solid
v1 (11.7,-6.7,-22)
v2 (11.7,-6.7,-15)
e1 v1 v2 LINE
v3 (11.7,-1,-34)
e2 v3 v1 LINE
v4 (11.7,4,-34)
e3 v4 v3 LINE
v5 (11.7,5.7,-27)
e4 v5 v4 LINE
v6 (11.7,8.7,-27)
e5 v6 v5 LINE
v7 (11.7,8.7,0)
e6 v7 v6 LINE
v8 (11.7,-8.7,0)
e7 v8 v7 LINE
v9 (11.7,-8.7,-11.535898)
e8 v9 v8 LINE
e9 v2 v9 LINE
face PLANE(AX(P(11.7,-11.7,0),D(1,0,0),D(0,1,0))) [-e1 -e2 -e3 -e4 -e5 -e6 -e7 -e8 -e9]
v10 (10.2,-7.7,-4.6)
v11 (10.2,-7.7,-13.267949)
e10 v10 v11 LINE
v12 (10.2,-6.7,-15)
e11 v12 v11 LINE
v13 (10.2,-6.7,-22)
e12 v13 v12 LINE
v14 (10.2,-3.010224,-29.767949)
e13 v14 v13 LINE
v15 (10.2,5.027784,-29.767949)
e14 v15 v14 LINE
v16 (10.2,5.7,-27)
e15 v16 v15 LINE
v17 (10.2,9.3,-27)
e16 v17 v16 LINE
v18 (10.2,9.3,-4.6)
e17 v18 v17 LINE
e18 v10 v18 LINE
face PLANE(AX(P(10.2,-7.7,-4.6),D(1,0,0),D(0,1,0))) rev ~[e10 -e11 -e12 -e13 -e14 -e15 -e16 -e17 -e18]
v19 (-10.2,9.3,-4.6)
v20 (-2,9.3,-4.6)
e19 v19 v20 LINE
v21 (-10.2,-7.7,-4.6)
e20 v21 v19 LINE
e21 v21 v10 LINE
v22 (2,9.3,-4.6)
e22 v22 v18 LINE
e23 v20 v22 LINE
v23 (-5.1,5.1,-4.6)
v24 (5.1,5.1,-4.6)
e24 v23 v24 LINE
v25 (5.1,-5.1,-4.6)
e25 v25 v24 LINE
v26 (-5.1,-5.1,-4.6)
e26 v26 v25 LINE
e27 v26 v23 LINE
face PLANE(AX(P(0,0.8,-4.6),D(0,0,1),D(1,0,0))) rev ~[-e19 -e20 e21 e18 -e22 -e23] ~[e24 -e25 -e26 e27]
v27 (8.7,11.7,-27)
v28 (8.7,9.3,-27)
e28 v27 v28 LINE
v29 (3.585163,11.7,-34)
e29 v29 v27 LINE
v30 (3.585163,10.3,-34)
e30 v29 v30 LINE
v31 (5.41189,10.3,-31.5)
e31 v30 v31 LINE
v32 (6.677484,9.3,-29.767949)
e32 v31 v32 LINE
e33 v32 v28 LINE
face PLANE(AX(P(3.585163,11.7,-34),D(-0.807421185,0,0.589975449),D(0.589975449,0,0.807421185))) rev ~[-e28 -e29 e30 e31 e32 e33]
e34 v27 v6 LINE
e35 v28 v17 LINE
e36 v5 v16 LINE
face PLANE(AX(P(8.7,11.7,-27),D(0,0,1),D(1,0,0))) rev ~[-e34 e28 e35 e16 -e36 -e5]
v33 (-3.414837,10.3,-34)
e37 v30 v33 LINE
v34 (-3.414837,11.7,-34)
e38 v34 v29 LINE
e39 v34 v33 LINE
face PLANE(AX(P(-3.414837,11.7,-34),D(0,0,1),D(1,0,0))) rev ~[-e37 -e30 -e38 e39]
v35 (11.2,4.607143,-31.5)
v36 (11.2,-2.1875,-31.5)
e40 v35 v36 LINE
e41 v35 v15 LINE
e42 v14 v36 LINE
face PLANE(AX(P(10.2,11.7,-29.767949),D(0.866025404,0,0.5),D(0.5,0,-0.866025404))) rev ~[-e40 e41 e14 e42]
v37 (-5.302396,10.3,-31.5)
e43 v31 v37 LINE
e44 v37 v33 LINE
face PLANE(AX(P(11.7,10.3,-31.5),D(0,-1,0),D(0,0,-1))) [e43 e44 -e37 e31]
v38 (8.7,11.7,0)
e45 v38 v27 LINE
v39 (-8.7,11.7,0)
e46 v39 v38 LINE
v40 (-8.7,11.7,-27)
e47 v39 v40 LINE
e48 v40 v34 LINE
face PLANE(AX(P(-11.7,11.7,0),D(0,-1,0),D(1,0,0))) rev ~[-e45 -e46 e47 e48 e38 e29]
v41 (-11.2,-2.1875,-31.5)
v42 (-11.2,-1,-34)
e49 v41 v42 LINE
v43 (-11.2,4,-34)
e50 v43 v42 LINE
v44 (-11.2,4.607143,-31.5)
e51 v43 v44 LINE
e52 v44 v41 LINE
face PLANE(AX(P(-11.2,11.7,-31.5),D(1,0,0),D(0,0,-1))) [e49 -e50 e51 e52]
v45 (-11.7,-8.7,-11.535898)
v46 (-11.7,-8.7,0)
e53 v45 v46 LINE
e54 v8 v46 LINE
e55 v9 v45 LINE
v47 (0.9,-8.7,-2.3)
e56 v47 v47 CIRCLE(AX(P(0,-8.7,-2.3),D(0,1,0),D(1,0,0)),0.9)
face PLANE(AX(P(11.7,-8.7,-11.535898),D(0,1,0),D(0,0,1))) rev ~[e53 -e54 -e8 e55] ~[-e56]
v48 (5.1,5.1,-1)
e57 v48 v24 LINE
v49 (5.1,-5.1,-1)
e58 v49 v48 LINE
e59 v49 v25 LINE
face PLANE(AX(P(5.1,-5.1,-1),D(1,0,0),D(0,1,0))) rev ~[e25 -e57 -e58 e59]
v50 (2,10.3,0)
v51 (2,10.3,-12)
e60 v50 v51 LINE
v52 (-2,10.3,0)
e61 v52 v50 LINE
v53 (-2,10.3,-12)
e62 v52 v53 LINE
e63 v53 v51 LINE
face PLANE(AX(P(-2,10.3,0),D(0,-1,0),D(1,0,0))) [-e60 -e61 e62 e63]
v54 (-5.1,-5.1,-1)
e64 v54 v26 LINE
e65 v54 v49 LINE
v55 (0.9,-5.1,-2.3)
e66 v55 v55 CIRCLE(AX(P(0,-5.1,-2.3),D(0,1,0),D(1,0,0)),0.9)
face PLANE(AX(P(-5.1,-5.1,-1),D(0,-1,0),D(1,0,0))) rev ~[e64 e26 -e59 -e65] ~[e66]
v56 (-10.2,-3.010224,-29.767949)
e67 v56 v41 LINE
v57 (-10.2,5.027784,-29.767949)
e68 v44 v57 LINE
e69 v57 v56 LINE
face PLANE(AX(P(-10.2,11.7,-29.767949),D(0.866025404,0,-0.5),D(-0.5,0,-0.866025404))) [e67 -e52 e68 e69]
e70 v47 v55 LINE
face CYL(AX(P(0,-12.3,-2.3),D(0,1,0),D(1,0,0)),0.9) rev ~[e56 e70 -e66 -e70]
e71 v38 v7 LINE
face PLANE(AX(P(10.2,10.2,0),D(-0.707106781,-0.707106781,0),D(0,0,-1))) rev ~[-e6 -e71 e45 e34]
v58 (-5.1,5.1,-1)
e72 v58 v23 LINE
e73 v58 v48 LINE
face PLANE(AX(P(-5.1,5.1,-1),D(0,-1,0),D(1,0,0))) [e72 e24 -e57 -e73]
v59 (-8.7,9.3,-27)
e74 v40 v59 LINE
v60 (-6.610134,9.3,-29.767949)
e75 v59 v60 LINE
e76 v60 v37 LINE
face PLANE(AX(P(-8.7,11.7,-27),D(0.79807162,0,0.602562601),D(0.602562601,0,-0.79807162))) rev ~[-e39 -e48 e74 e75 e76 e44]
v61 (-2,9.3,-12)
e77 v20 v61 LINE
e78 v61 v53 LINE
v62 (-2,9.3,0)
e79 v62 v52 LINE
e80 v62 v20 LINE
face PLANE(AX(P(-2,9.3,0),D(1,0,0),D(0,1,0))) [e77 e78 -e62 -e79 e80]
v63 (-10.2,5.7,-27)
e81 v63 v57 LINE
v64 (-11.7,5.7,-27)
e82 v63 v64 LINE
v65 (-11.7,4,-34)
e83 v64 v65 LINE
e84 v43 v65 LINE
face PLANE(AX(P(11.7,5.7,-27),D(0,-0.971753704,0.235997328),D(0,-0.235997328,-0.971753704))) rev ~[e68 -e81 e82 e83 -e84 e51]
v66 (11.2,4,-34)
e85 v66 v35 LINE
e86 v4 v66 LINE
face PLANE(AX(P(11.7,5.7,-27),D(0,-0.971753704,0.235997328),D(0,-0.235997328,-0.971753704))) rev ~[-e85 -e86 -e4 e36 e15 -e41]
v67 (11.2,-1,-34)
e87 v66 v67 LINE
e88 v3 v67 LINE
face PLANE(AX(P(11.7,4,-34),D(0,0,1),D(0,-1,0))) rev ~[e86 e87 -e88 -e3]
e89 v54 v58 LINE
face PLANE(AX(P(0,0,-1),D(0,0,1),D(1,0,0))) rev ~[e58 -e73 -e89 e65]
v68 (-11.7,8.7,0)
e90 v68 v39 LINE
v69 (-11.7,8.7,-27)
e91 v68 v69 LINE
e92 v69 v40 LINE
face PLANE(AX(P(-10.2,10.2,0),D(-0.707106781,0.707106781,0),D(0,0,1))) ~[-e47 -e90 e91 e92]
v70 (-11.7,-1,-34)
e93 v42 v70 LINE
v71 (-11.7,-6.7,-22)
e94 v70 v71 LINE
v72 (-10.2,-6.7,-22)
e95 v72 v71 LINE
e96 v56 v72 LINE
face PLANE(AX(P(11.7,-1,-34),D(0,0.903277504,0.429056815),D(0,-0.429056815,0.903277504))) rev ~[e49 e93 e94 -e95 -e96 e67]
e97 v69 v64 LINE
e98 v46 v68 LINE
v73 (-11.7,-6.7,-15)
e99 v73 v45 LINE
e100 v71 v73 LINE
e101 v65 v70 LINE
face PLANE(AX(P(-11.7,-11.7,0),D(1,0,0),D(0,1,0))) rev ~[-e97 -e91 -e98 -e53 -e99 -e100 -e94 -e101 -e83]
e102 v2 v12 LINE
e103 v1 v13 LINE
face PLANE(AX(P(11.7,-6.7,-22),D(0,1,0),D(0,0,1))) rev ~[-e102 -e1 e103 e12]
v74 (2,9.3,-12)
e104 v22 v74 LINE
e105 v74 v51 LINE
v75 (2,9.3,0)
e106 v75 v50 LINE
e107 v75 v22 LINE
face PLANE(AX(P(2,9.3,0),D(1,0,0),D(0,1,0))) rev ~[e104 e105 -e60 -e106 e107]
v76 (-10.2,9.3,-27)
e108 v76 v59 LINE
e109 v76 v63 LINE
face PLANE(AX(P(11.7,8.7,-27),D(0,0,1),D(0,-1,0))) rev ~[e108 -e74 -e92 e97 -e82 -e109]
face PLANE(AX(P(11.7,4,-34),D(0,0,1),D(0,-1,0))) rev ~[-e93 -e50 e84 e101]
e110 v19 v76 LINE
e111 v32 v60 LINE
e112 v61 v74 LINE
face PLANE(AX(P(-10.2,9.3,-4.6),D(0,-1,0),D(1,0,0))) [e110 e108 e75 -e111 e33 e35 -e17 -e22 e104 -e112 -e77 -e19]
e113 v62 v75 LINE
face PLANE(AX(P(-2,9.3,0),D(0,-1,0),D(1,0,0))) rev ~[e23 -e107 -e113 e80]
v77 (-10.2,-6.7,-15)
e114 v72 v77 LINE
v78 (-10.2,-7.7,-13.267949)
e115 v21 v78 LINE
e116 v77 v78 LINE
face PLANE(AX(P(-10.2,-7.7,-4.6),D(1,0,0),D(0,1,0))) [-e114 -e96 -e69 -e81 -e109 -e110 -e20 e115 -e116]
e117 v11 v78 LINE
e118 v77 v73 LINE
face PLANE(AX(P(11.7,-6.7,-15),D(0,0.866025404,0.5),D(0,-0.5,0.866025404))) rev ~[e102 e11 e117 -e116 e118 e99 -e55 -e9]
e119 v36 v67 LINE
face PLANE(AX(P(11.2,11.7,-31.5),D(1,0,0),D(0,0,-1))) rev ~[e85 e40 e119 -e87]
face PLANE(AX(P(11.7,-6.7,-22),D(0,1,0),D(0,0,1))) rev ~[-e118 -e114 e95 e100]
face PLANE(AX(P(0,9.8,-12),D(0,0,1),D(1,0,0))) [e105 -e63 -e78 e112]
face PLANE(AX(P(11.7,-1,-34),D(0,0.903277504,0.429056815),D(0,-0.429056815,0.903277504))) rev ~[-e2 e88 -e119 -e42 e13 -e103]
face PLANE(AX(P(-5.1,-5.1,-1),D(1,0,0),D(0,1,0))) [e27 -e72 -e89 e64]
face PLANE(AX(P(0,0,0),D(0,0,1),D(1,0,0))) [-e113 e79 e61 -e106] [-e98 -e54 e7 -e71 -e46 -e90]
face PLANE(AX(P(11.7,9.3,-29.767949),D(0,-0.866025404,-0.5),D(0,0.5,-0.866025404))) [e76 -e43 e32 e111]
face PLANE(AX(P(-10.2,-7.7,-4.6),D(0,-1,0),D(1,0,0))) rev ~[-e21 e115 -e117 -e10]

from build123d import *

# Parameters (mm, degrees)
SKETCH_1_W           = 23.4
SKETCH_1_H           = 23.4
EXTRUDE_1_DEPTH      = 38
CUT_EXTRUDE_START    = -4.6
SKETCH_1_3_W         = 20.4
SKETCH_1_3_H         = 17
CUT_EXTRUDE_1_DEPTH  = 37.846109588
CUT_EXTRUDE_START_2  = -1
SKETCH_1_4_W         = 10.2
SKETCH_1_4_H         = 10.2
CUT_EXTRUDE_2_DEPTH  = 41.446109588
CHAMFER_2_SIZE       = 3
CUT_EXTRUDE_3_DEPTH  = 47.135127614
CUT_EXTRUDE_4_REACH  = 46.688
CUT_EXTRUDE_5_DEPTH  = 43.900466198
CUT_EXTRUDE_6_DEPTH  = 42.340657953
SKETCH_10_W          = 4
SKETCH_10_H          = 1
CUT_EXTRUDE_10_DEPTH = 12
HOLE_WIZARD_1_D      = 1.8
HOLE_WIZARD_1_DEPTH  = 3.6


with BuildPart() as part:
    # 草图1 → 凸台-拉伸1 (new body)
    with BuildSketch(Plane.XY):
        Rectangle(SKETCH_1_W, SKETCH_1_H)
    extrude(amount=-EXTRUDE_1_DEPTH)

    # 草图1<3> → 切除-拉伸1 (cut, through all)
    with BuildSketch(Plane.XY.offset(CUT_EXTRUDE_START)):
        with Locations((0, 0.8)):
            Rectangle(SKETCH_1_3_W, SKETCH_1_3_H)
    extrude(amount=-CUT_EXTRUDE_1_DEPTH, mode=Mode.SUBTRACT)

    # 草图1<4> → 切除-拉伸2 (cut, through all)
    with BuildSketch(Plane.XY.offset(CUT_EXTRUDE_START_2)):
        Rectangle(SKETCH_1_4_W, SKETCH_1_4_H)
    extrude(amount=-CUT_EXTRUDE_2_DEPTH, mode=Mode.SUBTRACT)

    # 倒角2
    chamfer_2_edges = [part.edges().sort_by_distance(p)[0] for p in [
        (-11.7, 11.7, -19),
        (11.7, 11.7, -19),
    ]]
    chamfer(chamfer_2_edges, length=CHAMFER_2_SIZE)

    # 草图4 → 切除-拉伸3 (cut, through all)
    with BuildSketch(Plane(origin=(11.7, 0, 0), x_dir=(0, 0, -1), z_dir=(1, 0, 0))):
        Polygon((0, -11.7), (38, -11.7), (38, 8.7), (27, 8.7), (27, 5.7), (34, 4), (34, -1), (22, -6.7), (15, -6.7), (15, -8.7), (11.535898385, -8.7), (0, -8.7), align=None)
        Polygon((15, -6.7), (11.535898385, -8.7), (15, -8.7), align=None)
    extrude(amount=-CUT_EXTRUDE_3_DEPTH, mode=Mode.SUBTRACT)

    # 草图5 → 切除-拉伸4 (cut, up to next)
    with BuildSketch(Plane(origin=(0, 11.7, 0), x_dir=(1, 0, 0), z_dir=(0, 1, 0)), mode=Mode.PRIVATE) as cut_extrude_4_sk1:
        Polygon((-11.7, 27), (-8.7, 27), (-3.414837489, 34), (3.585162511, 34), (8.7, 27), (11.7, 27), (11.7, 38), (-11.7, 38), align=None)
    cut_extrude_4_tool1 = extrude(cut_extrude_4_sk1.sketch, amount=-CUT_EXTRUDE_4_REACH, mode=Mode.PRIVATE) & part.part
    add(cut_extrude_4_tool1.solids().sort_by_distance((-10.2, 11.7, -27.258565))[0], mode=Mode.SUBTRACT)

    # 草图6 → 切除-拉伸5 (cut, through all)
    with BuildSketch(Plane(origin=(11.7, 0, 0), x_dir=(0, 0, -1), z_dir=(1, 0, 0))):
        Polygon((29.767949192, 9.3), (31.5, 10.3), (34, 10.3), (34, 9.3), align=None)
    extrude(amount=-CUT_EXTRUDE_5_DEPTH, mode=Mode.SUBTRACT)

    # 草图7 → 切除-拉伸6 (cut, through all)
    with BuildSketch(Plane(origin=(0, 11.7, 0), x_dir=(1, 0, 0), z_dir=(0, 1, 0))):
        Polygon((-11.2, 34), (-10.2, 34), (-10.2, 29.767949192), (-11.2, 31.5), align=None)
        Polygon((10.2, 34), (10.2, 29.767949192), (11.2, 31.5), (11.2, 34), align=None)
    extrude(amount=-CUT_EXTRUDE_6_DEPTH, mode=Mode.SUBTRACT)

    # 草图10 → 切除-拉伸10 (cut)
    with BuildSketch(Plane.XY):
        with Locations((0, 9.8)):
            Rectangle(SKETCH_10_W, SKETCH_10_H)
    extrude(amount=-CUT_EXTRUDE_10_DEPTH, mode=Mode.SUBTRACT)

    # 孔1
    with Locations(Plane(origin=(0, -8.7, 0), x_dir=(-1, 0, 0), z_dir=(0, -1, 0))):
        with Locations((0, 2.3)):
            Hole(HOLE_WIZARD_1_D / 2, depth=HOLE_WIZARD_1_DEPTH)


solid = part.part
